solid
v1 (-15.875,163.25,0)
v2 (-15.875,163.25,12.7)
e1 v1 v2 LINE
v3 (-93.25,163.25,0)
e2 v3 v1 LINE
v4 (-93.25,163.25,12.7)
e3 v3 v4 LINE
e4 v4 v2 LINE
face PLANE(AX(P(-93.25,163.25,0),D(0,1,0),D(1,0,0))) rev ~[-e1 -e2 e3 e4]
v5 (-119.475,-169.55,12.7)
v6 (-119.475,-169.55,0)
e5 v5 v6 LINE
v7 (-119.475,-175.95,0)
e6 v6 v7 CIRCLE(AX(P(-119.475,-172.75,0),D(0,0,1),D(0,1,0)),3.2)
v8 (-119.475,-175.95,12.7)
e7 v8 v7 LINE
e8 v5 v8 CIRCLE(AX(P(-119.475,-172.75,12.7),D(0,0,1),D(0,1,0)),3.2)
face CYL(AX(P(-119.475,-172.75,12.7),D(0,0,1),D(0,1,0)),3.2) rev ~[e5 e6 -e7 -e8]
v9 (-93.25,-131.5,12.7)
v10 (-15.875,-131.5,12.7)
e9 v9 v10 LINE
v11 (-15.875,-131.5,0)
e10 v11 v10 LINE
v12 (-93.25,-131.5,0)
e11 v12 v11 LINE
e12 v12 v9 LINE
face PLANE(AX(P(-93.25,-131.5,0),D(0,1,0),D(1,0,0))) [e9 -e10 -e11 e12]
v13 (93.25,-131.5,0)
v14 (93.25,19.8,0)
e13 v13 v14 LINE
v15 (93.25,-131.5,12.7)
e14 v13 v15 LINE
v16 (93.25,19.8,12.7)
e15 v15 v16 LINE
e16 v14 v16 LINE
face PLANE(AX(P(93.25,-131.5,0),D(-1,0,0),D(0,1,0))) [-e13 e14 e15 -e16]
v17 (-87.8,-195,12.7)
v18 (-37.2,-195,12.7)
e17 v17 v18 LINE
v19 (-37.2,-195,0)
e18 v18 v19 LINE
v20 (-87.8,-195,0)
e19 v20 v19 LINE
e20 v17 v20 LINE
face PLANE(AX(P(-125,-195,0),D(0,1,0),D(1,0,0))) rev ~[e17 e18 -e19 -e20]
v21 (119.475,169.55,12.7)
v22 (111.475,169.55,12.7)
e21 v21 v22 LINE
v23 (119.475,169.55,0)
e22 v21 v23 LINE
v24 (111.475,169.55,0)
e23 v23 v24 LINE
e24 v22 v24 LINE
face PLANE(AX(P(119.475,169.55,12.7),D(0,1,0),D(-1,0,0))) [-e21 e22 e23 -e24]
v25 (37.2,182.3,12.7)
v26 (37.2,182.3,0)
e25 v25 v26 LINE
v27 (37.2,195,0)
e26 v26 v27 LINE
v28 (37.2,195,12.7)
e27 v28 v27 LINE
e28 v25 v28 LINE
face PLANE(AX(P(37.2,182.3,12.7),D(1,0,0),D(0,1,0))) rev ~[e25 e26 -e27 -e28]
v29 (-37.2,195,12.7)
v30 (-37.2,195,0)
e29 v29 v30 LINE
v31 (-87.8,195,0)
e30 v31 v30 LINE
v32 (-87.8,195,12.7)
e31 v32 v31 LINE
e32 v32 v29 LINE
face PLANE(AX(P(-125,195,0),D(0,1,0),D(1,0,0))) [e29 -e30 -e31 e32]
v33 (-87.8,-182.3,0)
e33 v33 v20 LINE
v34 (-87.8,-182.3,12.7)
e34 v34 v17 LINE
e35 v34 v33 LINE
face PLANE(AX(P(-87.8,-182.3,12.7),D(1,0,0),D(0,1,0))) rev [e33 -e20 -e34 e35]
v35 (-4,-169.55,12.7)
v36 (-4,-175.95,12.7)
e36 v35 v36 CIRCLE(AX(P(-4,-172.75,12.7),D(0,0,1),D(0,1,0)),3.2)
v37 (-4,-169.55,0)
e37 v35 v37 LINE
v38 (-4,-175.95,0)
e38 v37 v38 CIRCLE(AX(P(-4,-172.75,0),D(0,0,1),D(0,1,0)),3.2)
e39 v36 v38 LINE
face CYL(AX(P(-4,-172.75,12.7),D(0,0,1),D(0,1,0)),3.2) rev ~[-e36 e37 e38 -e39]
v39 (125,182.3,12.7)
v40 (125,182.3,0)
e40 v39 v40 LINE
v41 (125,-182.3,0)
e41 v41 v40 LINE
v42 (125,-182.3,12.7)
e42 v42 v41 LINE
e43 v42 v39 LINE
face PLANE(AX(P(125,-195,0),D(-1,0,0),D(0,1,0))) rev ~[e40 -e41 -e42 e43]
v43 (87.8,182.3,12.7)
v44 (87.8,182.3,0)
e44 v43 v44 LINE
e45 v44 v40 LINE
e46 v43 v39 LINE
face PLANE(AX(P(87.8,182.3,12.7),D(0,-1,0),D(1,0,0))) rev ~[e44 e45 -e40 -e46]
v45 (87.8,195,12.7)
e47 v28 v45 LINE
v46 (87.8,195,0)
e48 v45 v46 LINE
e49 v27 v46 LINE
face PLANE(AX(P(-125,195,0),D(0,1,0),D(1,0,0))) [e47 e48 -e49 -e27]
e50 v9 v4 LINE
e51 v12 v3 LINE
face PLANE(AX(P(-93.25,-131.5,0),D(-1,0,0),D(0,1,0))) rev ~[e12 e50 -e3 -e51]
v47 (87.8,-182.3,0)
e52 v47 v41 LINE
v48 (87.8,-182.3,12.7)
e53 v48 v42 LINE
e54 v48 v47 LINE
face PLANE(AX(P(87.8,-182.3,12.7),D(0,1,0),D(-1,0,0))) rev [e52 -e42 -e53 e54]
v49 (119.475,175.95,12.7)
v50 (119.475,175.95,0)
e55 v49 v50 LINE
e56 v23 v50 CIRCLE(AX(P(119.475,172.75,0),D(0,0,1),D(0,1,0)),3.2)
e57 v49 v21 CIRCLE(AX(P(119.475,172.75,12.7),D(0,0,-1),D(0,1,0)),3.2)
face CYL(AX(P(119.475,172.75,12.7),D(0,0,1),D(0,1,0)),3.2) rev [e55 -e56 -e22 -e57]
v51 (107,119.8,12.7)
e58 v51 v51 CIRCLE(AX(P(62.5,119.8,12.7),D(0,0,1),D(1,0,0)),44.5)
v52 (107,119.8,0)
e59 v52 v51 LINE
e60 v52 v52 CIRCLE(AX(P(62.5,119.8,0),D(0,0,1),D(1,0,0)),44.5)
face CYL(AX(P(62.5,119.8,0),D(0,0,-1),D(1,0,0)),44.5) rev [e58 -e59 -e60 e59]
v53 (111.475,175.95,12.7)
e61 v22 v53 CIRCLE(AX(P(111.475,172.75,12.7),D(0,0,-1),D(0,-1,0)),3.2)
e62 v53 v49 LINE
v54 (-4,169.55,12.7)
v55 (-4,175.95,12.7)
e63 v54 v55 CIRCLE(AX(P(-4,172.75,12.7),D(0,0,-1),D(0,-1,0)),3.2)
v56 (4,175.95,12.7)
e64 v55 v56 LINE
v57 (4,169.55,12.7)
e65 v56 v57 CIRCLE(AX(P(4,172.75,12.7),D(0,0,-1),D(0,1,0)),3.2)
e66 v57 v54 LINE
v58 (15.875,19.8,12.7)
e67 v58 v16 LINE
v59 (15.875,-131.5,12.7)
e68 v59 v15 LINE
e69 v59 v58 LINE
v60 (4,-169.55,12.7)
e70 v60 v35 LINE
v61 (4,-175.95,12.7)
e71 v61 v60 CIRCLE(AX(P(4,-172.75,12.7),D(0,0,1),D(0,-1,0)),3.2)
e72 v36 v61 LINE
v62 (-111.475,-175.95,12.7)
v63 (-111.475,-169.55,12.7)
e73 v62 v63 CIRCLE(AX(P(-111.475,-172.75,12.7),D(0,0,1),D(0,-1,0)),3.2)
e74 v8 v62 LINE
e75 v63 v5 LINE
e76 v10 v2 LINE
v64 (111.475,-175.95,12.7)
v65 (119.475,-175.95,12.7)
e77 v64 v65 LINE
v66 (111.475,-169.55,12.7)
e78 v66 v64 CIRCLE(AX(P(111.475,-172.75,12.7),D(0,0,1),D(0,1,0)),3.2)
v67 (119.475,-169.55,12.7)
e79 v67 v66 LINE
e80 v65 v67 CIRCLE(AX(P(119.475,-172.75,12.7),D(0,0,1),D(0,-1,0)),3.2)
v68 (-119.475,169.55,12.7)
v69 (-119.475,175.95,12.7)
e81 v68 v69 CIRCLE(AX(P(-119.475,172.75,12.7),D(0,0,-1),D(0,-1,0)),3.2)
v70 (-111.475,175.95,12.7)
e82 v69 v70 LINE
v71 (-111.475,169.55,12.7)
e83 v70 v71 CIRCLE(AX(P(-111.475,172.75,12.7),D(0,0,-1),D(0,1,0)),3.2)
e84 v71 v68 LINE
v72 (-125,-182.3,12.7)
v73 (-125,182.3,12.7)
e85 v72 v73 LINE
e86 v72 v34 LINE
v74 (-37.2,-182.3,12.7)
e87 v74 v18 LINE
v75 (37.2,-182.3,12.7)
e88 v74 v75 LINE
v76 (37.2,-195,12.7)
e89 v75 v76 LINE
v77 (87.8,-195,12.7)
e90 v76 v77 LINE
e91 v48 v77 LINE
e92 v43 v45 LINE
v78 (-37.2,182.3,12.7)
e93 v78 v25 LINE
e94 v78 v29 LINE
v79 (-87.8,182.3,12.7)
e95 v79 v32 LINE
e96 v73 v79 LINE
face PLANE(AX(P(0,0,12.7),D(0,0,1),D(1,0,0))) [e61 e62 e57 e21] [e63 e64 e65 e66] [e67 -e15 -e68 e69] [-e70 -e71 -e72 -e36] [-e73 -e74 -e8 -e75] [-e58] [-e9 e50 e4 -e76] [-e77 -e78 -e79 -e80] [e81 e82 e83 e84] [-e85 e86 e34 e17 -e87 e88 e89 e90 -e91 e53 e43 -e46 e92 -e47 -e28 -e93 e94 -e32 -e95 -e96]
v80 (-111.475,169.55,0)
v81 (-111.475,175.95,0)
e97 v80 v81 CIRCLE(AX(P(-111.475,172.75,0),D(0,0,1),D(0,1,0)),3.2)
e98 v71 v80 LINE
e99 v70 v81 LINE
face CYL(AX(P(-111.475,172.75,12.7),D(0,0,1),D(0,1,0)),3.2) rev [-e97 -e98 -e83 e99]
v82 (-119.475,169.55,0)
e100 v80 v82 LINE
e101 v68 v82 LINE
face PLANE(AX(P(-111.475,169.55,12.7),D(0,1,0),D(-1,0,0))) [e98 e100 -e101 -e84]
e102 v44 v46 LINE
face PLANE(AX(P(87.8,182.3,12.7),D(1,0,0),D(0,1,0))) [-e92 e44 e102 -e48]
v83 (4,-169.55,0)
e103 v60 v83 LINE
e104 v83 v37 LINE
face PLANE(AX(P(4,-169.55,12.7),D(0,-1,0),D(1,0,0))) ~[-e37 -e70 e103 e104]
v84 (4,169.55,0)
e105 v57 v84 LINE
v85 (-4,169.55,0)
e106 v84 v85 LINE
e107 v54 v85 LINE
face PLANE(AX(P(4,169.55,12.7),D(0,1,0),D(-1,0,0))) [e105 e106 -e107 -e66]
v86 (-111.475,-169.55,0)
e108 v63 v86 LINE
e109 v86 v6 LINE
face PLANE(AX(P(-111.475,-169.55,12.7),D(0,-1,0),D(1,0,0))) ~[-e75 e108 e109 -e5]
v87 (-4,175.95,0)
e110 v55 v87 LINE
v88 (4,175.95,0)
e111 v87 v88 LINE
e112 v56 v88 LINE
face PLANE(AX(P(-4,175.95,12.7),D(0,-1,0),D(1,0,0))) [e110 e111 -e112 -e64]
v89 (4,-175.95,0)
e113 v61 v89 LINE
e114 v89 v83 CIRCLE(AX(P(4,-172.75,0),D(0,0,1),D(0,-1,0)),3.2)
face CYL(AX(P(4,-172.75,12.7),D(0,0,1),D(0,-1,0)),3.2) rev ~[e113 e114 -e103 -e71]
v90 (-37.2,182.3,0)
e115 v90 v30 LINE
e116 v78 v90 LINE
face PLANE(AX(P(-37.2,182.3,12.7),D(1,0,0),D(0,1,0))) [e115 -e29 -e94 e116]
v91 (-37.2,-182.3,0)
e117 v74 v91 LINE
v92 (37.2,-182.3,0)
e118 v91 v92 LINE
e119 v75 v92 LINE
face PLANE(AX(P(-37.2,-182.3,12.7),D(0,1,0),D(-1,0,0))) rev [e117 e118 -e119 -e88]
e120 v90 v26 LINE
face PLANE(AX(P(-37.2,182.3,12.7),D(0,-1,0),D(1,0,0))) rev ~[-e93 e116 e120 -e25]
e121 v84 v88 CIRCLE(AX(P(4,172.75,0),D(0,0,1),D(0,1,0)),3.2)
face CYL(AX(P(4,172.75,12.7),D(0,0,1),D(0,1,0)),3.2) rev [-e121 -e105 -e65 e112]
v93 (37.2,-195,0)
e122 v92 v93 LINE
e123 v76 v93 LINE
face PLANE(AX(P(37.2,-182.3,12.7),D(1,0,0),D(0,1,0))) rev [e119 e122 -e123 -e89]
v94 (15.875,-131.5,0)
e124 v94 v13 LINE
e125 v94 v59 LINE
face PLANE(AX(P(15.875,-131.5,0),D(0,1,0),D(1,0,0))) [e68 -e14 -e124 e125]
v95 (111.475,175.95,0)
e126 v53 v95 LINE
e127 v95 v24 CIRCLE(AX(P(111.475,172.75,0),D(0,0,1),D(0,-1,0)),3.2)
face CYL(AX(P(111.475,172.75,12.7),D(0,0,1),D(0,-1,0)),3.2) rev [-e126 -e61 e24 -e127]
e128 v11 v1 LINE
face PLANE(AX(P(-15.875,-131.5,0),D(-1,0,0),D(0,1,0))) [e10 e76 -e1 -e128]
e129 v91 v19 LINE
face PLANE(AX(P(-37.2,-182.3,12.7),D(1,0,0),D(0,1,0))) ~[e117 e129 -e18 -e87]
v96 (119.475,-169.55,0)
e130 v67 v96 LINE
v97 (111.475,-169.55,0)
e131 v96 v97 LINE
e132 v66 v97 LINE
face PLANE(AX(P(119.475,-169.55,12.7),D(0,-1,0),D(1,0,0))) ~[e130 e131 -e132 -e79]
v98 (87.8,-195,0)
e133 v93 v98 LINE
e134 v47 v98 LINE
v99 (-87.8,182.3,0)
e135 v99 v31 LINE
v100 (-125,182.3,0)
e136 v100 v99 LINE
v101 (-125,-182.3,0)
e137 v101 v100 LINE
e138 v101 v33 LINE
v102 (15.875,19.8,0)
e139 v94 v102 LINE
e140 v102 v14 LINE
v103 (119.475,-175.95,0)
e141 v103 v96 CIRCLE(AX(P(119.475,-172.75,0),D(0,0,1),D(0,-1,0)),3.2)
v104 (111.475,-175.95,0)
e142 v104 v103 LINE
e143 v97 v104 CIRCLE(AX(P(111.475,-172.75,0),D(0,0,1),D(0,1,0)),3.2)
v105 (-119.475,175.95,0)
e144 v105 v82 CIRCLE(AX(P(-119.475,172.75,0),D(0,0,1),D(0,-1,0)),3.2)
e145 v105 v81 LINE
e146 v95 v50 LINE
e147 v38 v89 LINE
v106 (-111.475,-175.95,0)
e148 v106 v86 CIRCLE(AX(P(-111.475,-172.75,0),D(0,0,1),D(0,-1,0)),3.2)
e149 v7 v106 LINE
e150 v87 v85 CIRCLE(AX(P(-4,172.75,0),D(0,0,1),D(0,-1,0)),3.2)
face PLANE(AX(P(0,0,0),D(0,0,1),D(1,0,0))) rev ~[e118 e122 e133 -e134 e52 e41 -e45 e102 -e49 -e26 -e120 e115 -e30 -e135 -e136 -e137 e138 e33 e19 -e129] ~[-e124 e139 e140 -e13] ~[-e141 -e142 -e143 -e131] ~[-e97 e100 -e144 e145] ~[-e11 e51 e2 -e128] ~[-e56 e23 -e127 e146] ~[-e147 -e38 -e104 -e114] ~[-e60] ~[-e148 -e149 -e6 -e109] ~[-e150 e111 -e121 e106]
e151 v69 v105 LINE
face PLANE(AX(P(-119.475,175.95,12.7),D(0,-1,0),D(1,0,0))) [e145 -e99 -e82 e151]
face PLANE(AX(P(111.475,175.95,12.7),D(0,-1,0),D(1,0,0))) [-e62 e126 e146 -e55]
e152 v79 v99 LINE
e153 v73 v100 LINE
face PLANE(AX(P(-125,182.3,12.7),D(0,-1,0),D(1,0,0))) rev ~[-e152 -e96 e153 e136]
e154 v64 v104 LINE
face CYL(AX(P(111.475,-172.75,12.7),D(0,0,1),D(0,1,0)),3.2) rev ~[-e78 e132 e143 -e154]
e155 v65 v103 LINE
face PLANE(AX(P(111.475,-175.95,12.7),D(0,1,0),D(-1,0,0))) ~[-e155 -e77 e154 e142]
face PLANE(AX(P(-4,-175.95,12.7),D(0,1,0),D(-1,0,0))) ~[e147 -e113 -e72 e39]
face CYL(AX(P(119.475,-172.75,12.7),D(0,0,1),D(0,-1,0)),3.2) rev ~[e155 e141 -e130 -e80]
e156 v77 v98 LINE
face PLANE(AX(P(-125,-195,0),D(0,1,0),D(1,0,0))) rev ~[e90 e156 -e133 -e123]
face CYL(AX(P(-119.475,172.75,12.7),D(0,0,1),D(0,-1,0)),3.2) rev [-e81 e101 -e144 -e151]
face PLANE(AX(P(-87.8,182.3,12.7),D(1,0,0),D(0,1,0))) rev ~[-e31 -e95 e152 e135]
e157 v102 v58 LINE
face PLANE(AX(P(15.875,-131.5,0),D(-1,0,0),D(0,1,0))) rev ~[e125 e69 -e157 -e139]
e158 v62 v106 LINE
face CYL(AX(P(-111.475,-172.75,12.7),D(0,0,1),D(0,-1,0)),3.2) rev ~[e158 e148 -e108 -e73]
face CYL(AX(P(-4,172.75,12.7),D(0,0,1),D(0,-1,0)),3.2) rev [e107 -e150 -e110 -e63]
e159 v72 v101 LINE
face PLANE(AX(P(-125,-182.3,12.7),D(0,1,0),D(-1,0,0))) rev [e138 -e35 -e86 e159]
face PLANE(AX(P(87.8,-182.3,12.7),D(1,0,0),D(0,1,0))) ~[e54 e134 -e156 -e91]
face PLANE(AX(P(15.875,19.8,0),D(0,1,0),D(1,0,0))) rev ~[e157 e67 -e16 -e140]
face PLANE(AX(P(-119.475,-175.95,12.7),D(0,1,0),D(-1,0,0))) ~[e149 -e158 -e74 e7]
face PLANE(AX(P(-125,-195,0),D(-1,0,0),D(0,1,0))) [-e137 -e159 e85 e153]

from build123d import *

# Parameters (mm, degrees)
CROQUIS1_W              = 250
CROQUIS1_H              = 390
CROQUIS1_R              = 44.5
CROQUIS1_W_2            = 77.375
CROQUIS1_H_2            = 294.75
CROQUIS1_H_3            = 151.3
SALIENTE_EXTRUIR1_DEPTH = 12.7
CROQUIS2_W              = 37.2
CROQUIS2_H              = 12.7
CROQUIS2_W_2            = 74.4
CORTAR_EXTRUIR1_DEPTH   = 13.7


with BuildPart() as part:
    # Croquis1 → Saliente-Extruir1 (new body)
    with BuildSketch(Plane.XY):
        Rectangle(CROQUIS1_W, CROQUIS1_H)
        with Locations((62.5, 119.8)):
            Circle(CROQUIS1_R, mode=Mode.SUBTRACT)
        with Locations((-54.5625, 15.875)):
            Rectangle(CROQUIS1_W_2, CROQUIS1_H_2, mode=Mode.SUBTRACT)
        with Locations((54.5625, -55.85)):
            Rectangle(CROQUIS1_W_2, CROQUIS1_H_3, mode=Mode.SUBTRACT)
    extrude(amount=SALIENTE_EXTRUIR1_DEPTH)

    # Croquis2 → Cortar-Extruir1 (cut, through all)
    with BuildSketch(Plane.XY.offset(12.7)):
        with Locations((-106.4, 188.65)):
            Rectangle(CROQUIS2_W, CROQUIS2_H)
        with Locations((0, 188.65)):
            Rectangle(CROQUIS2_W_2, CROQUIS2_H)
        with Locations((106.4, 188.65)):
            Rectangle(CROQUIS2_W, CROQUIS2_H)
        with BuildLine():
            Line((-119.475, 175.95), (-111.475, 175.95))
            ThreePointArc((-111.475, 175.95), (-108.275, 172.75), (-111.475, 169.55))
            Line((-111.475, 169.55), (-119.475, 169.55))
            ThreePointArc((-119.475, 169.55), (-122.675, 172.75), (-119.475, 175.95))
        make_face()
        with BuildLine():
            Line((-4, 175.95), (4, 175.95))
            ThreePointArc((4, 175.95), (7.2, 172.75), (4, 169.55))
            Line((4, 169.55), (-4, 169.55))
            ThreePointArc((-4, 169.55), (-7.2, 172.75), (-4, 175.95))
        make_face()
        with BuildLine():
            Line((111.475, 175.95), (119.475, 175.95))
            ThreePointArc((119.475, 175.95), (122.675, 172.75), (119.475, 169.55))
            Line((119.475, 169.55), (111.475, 169.55))
            ThreePointArc((111.475, 169.55), (108.275, 172.75), (111.475, 175.95))
        make_face()
    cortar_extruir1 = extrude(amount=-CORTAR_EXTRUIR1_DEPTH, mode=Mode.SUBTRACT)

    # Simetría1: Cortar-Extruir1 across plane
    add(cortar_extruir1.mirror(Plane.ZX), mode=Mode.SUBTRACT)


solid = part.part
